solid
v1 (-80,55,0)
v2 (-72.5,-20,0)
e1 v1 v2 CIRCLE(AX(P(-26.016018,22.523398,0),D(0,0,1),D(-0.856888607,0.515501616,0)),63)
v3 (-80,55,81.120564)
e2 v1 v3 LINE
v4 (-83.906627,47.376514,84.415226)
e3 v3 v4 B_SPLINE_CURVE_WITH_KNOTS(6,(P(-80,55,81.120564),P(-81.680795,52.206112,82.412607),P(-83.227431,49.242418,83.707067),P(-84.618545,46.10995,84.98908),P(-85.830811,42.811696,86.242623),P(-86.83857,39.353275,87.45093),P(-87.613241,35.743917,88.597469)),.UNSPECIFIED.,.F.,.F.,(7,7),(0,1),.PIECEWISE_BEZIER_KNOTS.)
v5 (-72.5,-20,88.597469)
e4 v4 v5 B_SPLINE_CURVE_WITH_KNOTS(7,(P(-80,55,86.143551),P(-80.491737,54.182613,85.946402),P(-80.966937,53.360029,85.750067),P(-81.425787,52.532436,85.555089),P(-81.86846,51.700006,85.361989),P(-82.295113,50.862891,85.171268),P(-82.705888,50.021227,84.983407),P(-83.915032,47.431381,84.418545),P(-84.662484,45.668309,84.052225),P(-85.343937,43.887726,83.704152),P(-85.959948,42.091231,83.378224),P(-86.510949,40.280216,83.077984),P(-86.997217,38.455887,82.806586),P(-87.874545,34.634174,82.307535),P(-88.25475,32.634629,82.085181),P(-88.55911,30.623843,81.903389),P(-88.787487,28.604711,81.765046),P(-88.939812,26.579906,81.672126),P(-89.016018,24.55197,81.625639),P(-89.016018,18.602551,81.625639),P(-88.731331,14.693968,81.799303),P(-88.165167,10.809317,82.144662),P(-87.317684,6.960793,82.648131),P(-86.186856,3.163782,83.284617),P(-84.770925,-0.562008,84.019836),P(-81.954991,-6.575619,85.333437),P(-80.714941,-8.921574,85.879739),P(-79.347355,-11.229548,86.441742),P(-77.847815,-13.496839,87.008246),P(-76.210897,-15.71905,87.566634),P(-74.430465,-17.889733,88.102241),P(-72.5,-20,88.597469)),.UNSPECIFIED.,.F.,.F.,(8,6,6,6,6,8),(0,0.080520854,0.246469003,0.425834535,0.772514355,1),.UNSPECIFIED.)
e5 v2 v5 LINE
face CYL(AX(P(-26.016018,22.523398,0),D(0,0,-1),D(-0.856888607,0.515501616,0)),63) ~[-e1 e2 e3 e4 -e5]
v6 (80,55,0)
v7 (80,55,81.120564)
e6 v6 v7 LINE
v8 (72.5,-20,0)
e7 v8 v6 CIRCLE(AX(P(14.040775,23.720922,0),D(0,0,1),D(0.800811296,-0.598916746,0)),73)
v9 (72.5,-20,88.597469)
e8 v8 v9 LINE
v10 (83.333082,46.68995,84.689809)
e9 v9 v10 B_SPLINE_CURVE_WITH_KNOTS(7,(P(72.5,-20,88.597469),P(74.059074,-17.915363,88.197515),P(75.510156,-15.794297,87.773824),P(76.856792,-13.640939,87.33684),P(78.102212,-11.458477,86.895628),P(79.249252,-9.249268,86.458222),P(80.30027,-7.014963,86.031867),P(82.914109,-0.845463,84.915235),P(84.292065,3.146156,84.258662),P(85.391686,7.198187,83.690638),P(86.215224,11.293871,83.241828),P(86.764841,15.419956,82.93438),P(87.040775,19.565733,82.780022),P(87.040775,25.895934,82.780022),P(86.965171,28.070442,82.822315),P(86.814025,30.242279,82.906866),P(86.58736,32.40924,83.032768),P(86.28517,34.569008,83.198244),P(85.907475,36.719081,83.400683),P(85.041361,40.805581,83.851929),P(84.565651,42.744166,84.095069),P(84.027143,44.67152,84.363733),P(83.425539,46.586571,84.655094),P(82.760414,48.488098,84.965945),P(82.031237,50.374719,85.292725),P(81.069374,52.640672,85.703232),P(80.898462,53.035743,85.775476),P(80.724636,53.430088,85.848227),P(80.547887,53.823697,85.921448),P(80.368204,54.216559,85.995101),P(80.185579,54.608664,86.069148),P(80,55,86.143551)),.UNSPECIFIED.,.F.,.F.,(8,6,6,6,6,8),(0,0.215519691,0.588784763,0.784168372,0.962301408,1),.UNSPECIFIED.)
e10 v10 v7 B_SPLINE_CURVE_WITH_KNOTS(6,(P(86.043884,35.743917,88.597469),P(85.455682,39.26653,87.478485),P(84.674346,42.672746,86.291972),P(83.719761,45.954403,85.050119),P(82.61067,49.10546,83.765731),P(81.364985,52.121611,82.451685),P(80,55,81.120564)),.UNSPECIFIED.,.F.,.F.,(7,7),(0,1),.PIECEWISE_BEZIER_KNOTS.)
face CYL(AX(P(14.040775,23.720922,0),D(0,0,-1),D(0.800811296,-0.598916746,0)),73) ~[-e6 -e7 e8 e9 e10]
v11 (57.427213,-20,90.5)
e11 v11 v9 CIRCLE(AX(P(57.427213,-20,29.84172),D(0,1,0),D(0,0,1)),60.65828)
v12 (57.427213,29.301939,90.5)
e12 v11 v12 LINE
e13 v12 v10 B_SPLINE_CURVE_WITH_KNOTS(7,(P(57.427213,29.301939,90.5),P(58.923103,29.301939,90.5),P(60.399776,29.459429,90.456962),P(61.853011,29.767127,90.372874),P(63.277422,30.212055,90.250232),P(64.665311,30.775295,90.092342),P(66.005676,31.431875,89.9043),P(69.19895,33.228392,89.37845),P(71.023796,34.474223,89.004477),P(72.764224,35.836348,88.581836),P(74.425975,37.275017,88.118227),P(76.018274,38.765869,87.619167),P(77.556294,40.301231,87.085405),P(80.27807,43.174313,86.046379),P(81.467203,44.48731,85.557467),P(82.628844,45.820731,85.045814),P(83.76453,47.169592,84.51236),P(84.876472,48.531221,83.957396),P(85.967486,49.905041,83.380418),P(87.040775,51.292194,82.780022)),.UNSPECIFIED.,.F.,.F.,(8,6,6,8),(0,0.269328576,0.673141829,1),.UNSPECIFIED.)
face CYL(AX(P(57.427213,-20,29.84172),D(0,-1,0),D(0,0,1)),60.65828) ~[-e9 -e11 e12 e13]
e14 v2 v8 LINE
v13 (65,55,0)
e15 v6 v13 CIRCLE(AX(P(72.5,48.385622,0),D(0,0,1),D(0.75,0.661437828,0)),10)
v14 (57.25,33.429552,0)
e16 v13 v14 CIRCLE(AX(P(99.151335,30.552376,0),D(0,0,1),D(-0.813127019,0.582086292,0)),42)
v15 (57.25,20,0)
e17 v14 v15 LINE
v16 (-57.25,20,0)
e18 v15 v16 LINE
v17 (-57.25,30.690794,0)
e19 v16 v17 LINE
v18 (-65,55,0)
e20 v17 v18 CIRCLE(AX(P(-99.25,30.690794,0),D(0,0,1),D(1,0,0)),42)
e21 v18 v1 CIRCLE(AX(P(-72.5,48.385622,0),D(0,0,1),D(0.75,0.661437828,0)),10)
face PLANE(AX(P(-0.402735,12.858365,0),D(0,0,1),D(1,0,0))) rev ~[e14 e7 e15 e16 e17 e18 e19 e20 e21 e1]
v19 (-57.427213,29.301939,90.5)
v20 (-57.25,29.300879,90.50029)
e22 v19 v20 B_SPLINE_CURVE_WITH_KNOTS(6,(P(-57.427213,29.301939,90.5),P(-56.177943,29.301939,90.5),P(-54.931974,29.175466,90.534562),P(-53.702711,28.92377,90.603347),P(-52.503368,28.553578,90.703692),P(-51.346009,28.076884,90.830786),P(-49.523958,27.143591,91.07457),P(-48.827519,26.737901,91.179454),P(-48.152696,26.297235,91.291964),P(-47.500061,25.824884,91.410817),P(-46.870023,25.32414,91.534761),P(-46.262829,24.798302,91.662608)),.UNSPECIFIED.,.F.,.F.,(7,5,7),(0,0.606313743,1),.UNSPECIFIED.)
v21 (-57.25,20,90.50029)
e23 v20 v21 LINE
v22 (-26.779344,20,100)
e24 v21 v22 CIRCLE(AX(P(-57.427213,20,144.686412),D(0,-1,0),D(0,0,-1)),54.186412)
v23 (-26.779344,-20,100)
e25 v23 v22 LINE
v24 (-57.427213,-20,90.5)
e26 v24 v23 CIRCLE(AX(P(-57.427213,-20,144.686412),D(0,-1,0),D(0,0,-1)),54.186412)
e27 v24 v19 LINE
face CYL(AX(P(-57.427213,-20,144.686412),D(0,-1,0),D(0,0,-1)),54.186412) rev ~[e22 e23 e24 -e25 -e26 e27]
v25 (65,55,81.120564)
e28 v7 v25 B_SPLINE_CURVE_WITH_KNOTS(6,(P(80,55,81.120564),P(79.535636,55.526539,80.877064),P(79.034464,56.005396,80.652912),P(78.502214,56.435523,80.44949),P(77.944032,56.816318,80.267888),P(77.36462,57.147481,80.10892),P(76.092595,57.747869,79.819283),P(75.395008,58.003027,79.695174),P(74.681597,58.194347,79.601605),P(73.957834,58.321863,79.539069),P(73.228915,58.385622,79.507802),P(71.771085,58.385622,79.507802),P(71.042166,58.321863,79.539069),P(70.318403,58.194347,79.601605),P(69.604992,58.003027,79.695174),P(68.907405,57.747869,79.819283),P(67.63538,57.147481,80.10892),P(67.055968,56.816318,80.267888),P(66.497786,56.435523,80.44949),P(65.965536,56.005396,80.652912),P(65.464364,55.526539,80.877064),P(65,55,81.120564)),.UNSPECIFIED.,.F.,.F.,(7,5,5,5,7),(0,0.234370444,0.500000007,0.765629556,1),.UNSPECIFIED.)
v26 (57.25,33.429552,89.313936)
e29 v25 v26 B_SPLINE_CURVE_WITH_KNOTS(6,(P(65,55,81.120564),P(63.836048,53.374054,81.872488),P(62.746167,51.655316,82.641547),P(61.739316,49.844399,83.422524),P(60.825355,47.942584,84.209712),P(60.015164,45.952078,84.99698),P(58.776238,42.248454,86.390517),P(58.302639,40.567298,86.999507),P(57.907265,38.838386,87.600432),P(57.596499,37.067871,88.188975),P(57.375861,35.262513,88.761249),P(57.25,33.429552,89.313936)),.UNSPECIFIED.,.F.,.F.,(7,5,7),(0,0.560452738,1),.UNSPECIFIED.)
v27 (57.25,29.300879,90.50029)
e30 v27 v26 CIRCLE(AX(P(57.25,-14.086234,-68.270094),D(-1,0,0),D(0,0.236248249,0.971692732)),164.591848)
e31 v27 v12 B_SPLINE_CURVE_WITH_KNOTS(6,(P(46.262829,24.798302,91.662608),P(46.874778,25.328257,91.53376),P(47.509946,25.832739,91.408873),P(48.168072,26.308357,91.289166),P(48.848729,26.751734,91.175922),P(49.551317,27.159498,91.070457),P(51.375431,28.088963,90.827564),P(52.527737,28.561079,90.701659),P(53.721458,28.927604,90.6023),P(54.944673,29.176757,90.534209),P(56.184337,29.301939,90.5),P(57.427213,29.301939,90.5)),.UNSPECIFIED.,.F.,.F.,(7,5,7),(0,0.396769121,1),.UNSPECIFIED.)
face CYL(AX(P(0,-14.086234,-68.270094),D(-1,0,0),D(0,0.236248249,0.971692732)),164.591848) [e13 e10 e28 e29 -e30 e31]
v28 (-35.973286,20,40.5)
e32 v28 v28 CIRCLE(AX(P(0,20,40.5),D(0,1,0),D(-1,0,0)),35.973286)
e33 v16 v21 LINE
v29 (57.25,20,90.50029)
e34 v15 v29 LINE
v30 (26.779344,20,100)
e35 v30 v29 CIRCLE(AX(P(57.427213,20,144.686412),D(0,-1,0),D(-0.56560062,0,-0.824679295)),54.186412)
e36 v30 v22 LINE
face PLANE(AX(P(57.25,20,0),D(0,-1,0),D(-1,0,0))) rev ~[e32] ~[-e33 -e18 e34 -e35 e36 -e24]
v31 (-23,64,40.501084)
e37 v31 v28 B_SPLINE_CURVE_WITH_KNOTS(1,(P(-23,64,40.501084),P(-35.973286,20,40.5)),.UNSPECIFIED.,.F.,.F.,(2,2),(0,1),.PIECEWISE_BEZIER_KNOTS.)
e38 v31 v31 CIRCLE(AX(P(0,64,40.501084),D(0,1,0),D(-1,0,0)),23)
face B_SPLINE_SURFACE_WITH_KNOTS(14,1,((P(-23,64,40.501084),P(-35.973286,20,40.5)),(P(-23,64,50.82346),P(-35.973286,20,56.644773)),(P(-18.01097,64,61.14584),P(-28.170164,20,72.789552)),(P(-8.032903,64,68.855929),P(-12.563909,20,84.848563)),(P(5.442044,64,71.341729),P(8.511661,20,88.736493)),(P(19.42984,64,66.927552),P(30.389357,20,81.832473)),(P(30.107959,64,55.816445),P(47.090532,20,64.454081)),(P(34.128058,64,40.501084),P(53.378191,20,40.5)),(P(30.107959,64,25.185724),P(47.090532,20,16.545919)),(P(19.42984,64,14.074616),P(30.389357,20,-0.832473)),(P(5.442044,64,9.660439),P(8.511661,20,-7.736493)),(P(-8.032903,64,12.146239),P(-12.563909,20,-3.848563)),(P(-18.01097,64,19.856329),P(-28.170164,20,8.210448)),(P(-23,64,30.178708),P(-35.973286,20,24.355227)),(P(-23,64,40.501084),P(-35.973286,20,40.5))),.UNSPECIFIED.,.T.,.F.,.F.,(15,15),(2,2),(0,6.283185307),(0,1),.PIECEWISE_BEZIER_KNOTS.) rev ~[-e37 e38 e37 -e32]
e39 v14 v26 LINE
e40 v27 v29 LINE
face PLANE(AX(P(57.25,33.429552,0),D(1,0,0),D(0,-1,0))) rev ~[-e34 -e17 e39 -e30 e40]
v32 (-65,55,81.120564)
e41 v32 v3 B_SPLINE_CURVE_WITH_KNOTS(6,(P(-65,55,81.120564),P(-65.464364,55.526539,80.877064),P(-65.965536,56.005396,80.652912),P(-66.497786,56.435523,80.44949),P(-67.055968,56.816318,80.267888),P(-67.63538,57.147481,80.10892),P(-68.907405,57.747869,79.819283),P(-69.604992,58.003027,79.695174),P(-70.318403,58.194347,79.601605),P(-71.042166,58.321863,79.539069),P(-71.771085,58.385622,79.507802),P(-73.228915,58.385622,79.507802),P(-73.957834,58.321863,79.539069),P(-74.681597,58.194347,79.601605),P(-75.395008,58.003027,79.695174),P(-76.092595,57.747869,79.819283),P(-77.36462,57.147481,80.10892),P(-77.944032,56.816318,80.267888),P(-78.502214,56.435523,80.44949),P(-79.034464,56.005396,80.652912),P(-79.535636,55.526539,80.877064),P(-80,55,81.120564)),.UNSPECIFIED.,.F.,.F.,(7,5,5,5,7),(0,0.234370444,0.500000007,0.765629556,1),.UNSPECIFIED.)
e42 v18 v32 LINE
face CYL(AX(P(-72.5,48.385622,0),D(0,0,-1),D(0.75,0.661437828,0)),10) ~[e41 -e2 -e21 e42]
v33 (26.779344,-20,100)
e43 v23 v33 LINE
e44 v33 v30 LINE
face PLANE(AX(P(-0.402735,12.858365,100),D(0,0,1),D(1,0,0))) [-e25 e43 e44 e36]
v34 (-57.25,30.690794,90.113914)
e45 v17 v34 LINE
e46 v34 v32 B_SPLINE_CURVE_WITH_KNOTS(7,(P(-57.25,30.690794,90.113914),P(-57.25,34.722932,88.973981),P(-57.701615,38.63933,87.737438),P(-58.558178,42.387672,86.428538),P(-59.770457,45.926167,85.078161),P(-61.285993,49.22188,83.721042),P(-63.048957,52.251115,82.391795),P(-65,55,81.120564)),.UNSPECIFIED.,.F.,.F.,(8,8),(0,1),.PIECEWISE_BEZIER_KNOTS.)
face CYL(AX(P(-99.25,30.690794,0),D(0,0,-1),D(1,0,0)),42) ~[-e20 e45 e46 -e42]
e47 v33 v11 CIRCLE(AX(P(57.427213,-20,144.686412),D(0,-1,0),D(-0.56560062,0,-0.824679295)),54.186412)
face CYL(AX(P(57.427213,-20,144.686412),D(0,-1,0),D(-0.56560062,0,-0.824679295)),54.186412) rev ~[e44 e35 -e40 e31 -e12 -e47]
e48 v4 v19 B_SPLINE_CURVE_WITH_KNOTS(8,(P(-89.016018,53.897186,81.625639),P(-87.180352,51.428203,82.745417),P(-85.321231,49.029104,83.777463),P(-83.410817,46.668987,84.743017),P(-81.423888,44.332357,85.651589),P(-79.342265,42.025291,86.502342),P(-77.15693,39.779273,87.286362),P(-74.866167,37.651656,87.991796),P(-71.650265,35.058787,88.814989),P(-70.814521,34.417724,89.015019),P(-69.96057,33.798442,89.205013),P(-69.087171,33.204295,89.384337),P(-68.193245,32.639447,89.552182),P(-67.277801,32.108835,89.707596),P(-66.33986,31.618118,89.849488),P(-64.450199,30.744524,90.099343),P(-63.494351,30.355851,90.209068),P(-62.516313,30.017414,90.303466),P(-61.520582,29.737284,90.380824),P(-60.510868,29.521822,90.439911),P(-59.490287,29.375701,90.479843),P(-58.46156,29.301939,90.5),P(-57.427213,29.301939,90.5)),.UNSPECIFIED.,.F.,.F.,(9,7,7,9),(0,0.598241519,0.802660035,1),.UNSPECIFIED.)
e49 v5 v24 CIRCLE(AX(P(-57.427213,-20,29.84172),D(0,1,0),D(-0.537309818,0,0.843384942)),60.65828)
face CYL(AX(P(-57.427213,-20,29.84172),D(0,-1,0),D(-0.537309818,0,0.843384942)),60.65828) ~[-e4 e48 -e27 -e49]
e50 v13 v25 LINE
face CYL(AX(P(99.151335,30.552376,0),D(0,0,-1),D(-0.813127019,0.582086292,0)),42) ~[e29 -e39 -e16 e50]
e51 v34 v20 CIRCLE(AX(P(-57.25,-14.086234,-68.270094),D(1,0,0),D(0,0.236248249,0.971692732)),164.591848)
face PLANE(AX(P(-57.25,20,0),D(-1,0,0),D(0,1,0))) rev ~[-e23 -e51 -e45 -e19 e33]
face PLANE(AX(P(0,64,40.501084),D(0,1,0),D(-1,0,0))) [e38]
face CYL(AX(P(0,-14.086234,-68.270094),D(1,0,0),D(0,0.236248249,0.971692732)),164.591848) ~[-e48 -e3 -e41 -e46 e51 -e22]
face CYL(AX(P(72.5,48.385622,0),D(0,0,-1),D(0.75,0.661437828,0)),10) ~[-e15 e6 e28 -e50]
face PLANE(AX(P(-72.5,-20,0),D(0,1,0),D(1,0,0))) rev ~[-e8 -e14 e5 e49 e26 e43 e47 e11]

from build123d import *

# Parameters (mm, degrees)
F1_DEPTH      = 100
F3_DEPTH      = 98.6
F5_DEPTH      = 90.4
F5_DEPTH_BACK = 126
F7_R          = 1.588882932
F8_DEPTH      = 43
F9_R          = 23
F10_DEPTH     = 1
F10_FACE_R    = 23
F6_R          = 35.9732862146


with BuildPart() as f1:
    # F0 (on Top) → F1 (new body)
    with BuildSketch(Plane.XY):
        with BuildLine():
            Line((-72.5, -20), (72.5, -20))
            ThreePointArc((72.5, -20), (86.678490298, 16.4571509702), (80, 55))
            ThreePointArc((80, 55), (72.5, 58.3856217223), (65, 55))
            ThreePointArc((65, 55), (59.6251005185, 44.7536715994), (57.25, 33.4295518696))
            Line((57.25, 33.4295518696), (57.25, 20))
            Line((57.25, 20), (52.2593490829, 20))
            Line((52.2593490829, 20), (-57.25, 20))
            Line((-57.25, 20), (-57.25, 30.6907939249))
            ThreePointArc((-57.25, 30.6907939249), (-59.2343780506, 43.4481447471), (-65, 55))
            ThreePointArc((-65, 55), (-72.5, 58.3856217223), (-80, 55))
            ThreePointArc((-80, 55), (-88.7033607571, 16.2546639243), (-72.5, -20))
        make_face()
    extrude(amount=F1_DEPTH)

    # F2 (on face) → F3 (cut)
    with BuildSketch(Plane.XZ.offset(20)):
        with BuildLine():
            ThreePointArc((-57.4272125959, 90.5), (-41.3839754635, 92.9294628197), (-26.7793443054, 100))
            Line((-26.7793443054, 100), (-94.0743684769, 100))
            Line((-94.0743684769, 100), (-90.0195017457, 81))
            ThreePointArc((-90.0195017457, 81), (-74.4015116391, 88.0765901597), (-57.4272125959, 90.5))
        make_face()
        with BuildLine():
            Line((90.444765985, 100), (26.7793443054, 100))
            ThreePointArc((26.7793443054, 100), (41.3839754635, 92.9294628197), (57.4272125959, 90.5))
            ThreePointArc((57.4272125959, 90.5), (74.4015116391, 88.0765901597), (90.0195017457, 81))
            Line((90.0195017457, 81), (90.444765985, 100))
        make_face()
    extrude(amount=-F3_DEPTH, mode=Mode.SUBTRACT)

    # F4 (on Right) → F5 (cut, two sides)
    with BuildSketch(Plane.YZ) as f5_sk:
        with BuildLine():
            ThreePointArc((24.7983019799, 91.6626080871), (46.3463766624, 84.825875611), (66.7543932796, 75.1009956002))
            Line((66.7543932796, 75.1009956002), (66.7543932796, 98.7012907863))
            Line((66.7543932796, 98.7012907863), (24.7983019799, 98.7012907863))
            Line((24.7983019799, 98.7012907863), (24.7983019799, 91.6626080871))
        make_face()
    extrude(amount=-F5_DEPTH, mode=Mode.SUBTRACT)
    extrude(f5_sk.sketch, amount=F5_DEPTH_BACK, mode=Mode.SUBTRACT)

    # F7 (on face) → F8 (join)
    with BuildSketch(Plane(origin=(0, 20, 0), x_dir=(-1, 0, 0), z_dir=(0, 1, 0))):
        with Locations((0, 40.5010841787)):
            Circle(F7_R)
    extrude(amount=F8_DEPTH)

    # F9 (on face) → F10 (join)
    with BuildSketch(Plane(origin=(0, 63, 0), x_dir=(-1, 0, 0), z_dir=(0, 1, 0))):
        with Locations((0, 40.5010841787)):
            Circle(F9_R)
    extrude(amount=F10_DEPTH)

    # F10_face (on face) → F11 section 0
    with BuildSketch(Plane(origin=(0, 64, 40.5010841787), x_dir=(-1, 0, 0), z_dir=(0, 1, 0))):
        Circle(F10_FACE_R)
    # F6 (on face) → F11 section 1
    with BuildSketch(Plane(origin=(0, 20, 0), x_dir=(-1, 0, 0), z_dir=(0, 1, 0))):
        with Locations((0, 40.5)):
            Circle(F6_R)
    loft()


solid = f1.part
